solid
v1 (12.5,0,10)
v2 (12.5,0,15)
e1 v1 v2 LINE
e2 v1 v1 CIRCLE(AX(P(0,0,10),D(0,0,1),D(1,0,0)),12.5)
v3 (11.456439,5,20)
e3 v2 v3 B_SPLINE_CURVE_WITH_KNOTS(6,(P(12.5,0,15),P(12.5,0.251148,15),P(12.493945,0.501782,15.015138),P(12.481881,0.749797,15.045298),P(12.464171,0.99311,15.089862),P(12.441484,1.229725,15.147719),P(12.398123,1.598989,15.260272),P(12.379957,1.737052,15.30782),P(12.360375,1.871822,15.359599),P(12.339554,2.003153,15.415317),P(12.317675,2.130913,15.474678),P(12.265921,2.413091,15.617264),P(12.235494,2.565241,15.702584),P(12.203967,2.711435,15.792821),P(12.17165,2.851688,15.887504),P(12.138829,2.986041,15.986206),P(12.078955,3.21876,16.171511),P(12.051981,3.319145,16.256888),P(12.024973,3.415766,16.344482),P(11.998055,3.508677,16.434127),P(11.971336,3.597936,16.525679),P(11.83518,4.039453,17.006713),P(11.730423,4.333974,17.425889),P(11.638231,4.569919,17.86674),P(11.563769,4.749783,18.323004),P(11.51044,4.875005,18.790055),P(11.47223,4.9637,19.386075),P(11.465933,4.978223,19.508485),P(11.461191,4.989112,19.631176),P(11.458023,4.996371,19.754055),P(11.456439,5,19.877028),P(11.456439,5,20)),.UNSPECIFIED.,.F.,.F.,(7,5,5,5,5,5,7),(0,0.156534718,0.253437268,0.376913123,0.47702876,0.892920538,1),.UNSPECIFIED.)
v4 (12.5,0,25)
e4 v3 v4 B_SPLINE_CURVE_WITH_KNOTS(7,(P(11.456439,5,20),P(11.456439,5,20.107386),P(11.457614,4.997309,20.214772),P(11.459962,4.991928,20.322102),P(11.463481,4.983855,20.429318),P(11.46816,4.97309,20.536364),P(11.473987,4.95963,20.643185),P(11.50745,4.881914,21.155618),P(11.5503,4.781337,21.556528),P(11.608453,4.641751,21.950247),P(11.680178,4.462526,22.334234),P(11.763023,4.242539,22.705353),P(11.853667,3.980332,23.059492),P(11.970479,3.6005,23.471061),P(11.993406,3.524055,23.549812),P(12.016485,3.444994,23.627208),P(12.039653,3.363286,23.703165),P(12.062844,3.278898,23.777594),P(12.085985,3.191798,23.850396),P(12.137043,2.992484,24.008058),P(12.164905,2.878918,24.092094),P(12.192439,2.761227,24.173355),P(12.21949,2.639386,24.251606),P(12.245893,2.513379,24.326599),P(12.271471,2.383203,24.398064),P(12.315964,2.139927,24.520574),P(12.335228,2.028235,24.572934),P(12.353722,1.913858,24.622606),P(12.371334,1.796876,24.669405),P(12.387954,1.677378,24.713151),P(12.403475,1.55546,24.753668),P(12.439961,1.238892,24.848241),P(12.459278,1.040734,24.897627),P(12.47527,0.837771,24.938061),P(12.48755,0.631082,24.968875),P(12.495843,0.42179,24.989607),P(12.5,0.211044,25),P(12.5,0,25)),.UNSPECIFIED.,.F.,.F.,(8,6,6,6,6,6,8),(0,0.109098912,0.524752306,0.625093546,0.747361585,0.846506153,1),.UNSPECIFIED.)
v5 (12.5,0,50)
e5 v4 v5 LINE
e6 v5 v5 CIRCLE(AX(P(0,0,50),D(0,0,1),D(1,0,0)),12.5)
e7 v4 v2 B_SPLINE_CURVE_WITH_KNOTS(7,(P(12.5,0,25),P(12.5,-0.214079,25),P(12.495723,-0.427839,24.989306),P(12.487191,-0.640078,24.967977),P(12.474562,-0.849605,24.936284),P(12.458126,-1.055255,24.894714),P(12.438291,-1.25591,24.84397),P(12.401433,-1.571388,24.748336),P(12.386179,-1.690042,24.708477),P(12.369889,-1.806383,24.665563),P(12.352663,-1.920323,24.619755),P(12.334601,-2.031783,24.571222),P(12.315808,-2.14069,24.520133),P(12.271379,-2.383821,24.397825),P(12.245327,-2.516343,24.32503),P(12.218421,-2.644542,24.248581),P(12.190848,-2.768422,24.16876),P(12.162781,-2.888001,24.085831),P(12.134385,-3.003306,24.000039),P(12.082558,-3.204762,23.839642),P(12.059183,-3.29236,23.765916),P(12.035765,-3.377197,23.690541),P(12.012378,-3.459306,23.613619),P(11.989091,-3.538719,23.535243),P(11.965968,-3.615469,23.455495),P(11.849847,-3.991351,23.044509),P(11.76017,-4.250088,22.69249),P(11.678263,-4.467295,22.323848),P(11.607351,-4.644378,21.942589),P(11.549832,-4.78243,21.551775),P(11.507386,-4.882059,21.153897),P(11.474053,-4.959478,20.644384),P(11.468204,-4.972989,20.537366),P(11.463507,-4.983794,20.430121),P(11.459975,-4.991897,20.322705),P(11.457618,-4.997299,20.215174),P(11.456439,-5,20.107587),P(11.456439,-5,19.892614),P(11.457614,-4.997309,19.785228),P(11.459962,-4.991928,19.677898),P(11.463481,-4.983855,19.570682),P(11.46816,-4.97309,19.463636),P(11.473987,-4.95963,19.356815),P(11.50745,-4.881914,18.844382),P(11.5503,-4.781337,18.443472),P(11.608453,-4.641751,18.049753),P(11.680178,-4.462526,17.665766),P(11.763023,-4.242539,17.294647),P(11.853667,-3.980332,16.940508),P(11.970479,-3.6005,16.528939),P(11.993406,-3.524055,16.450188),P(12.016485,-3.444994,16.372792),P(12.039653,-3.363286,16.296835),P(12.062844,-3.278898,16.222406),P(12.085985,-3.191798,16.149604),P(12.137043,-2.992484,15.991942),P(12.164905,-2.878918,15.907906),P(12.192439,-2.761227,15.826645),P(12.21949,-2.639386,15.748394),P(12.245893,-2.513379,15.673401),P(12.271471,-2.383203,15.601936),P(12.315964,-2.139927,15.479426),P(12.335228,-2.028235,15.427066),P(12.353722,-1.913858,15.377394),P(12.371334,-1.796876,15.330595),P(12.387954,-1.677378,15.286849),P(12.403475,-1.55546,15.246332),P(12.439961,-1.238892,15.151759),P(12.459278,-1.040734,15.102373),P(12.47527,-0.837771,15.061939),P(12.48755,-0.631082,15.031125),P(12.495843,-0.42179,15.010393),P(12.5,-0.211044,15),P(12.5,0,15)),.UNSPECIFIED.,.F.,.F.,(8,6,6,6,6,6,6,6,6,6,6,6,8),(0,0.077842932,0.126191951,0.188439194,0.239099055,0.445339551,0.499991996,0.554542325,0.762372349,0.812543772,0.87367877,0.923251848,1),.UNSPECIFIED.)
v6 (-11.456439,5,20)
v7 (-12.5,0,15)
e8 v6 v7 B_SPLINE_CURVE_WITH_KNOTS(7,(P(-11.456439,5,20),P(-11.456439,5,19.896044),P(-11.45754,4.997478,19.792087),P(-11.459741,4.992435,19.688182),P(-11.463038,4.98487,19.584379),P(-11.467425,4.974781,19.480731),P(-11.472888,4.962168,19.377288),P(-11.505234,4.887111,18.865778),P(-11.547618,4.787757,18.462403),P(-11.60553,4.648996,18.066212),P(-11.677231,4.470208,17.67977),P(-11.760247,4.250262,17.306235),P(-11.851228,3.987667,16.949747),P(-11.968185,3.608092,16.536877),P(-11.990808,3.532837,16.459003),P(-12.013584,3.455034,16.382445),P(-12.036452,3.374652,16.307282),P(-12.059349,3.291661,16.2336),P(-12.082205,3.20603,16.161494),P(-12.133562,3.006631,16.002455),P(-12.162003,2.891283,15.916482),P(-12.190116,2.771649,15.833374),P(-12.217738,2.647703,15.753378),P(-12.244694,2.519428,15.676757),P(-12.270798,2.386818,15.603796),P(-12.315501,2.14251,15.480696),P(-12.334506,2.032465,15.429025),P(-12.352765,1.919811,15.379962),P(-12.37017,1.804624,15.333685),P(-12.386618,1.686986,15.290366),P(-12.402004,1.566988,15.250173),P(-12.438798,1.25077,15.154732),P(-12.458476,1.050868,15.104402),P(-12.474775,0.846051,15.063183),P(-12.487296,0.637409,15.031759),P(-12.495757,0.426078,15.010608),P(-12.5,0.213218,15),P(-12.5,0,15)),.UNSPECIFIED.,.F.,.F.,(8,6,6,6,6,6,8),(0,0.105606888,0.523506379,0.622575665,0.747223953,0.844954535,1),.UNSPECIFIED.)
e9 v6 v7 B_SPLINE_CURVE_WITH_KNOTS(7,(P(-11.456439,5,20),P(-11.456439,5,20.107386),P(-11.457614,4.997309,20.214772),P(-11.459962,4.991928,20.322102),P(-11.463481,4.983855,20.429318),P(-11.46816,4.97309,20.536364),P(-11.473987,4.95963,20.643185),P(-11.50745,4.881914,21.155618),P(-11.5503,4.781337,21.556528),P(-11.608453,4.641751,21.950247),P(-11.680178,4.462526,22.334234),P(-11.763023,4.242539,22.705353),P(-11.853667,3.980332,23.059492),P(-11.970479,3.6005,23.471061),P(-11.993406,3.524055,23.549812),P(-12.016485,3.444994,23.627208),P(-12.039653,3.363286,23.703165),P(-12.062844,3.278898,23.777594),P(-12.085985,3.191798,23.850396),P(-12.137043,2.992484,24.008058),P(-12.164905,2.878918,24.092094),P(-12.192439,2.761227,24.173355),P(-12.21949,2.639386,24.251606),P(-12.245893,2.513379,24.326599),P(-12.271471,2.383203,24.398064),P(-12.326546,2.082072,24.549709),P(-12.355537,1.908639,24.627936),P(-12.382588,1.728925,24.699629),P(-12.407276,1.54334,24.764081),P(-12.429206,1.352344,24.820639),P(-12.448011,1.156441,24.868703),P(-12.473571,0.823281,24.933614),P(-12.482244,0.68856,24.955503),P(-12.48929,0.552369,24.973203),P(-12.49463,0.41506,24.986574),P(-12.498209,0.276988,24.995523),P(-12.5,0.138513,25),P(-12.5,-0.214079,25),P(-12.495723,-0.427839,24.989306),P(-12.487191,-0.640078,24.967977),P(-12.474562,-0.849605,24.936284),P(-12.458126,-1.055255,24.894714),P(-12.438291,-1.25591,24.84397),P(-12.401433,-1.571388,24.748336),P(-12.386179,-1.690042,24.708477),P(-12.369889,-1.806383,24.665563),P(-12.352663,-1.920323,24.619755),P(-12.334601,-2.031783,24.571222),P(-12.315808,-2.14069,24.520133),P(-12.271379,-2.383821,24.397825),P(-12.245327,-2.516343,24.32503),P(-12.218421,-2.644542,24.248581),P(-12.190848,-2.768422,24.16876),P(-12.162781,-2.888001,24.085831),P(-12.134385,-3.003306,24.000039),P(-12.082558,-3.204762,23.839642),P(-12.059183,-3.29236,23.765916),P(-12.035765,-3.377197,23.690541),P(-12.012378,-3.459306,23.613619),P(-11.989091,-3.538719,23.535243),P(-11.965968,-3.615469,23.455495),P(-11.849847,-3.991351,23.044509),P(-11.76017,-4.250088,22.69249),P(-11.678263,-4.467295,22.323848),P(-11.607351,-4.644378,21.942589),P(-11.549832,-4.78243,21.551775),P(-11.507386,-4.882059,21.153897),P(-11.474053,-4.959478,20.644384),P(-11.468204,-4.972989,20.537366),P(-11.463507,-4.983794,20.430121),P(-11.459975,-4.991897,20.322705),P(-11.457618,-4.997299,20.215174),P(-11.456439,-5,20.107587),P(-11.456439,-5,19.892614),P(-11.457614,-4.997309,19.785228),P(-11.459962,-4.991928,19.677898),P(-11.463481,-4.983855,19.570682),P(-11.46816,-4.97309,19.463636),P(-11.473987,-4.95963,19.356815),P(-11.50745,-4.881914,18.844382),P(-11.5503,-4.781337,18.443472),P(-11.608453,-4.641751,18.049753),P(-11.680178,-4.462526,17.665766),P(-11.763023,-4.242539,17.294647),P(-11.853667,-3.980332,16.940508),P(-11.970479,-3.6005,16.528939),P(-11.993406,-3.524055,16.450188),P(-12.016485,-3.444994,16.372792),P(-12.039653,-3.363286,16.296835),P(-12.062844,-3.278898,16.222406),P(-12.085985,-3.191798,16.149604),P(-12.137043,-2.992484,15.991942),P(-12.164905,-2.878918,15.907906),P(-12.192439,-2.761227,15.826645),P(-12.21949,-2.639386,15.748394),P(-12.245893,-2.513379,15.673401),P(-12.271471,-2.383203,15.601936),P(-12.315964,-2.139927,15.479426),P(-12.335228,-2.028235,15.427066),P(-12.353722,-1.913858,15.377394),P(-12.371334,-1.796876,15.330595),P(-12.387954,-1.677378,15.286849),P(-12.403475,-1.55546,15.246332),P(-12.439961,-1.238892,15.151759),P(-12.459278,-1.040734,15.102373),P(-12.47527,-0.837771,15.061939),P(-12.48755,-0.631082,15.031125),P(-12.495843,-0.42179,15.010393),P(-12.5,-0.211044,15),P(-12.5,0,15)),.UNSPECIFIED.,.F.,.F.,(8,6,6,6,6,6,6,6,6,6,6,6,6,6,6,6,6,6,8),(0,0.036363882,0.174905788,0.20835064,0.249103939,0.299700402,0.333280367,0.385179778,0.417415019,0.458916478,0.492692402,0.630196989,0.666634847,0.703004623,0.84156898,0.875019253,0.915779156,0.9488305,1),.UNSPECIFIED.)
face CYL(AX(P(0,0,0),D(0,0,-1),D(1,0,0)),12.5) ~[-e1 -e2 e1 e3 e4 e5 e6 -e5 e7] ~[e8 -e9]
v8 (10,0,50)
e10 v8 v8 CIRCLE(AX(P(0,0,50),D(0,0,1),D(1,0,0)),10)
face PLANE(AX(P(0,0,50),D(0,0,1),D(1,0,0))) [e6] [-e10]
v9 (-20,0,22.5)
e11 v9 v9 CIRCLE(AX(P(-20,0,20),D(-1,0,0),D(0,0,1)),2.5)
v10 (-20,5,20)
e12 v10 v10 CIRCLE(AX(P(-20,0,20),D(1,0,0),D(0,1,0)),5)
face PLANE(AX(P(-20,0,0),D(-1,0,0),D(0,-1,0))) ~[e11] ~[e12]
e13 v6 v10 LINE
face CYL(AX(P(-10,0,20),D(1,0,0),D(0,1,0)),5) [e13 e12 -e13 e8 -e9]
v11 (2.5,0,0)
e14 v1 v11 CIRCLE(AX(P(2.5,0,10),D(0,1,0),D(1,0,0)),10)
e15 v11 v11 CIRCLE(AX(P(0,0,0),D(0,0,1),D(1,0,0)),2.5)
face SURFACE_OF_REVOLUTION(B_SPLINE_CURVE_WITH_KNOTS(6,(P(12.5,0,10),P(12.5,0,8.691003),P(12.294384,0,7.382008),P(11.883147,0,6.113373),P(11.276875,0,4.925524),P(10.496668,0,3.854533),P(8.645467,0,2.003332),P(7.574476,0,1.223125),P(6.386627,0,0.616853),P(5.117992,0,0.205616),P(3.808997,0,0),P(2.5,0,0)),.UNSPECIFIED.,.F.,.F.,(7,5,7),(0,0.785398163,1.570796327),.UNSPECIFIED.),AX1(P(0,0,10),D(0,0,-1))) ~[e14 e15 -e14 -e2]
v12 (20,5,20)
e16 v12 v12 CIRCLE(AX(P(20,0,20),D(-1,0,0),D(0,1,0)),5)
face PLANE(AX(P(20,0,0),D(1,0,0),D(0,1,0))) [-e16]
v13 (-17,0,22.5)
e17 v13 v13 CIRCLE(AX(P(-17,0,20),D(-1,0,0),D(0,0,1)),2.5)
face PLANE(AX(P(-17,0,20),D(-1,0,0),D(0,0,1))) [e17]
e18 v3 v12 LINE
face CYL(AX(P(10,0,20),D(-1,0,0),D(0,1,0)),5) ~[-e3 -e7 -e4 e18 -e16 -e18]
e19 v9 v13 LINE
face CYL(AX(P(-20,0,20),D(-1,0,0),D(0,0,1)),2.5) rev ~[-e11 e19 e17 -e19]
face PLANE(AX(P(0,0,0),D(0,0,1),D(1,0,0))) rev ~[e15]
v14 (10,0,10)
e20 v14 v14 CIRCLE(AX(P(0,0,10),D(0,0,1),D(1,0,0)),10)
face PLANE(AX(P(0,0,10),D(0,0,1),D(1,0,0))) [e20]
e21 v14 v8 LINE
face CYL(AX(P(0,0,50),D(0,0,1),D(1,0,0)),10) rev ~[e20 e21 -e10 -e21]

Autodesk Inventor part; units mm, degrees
sketch "Sketch19" plane through (0, 0, 0) normal (0, 0, 1) x (1, 0, 0)
  circle A0 centre (0, 0) radius 12.5
  dimension "d130" = 25
extrude "Extrusion17" add sketch "Sketch19" along normal blind 50
sketch "Sketch20" plane through (0, 0, 50) normal (0, 0, 1) x (1, 0, 0)
  circle A0 centre (0, 0) radius 10
  dimension "d133" = 20
fillet "Fillet6" radius 10 1 edges at (-12.5, 0, 0)
extrude "Extrusion18" cut sketch "Sketch20" against normal blind 40
ref_plane "Work Plane3" through (10, 0, 0) normal (1, 0, 0) x (0, 1, 0)
sketch "Sketch21" plane through (10, 0, 0) normal (1, 0, 0) x (0, 1, 0)
  line L0 (0, 0) -> (0, 20)
  circle A0 centre (0, 20) radius 5
  dimension "d138" = 20
  dimension "d139" = 10
extrude "Extrusion19" add sketch "Sketch21" along normal blind 10
mirror "Mirror1" about plane through (0, 0, 0) normal (1, 0, 0) of "Extrusion19"
sketch "Sketch22" plane through (-20, 0, 20) normal (-1, 0, 0) x (0, 0, 1)
  circle A0 centre (0, 0) radius 2.5
  point P0 (-20, 0)
  dimension "d142" = 5
extrude "Extrusion20" cut sketch "Sketch22" against normal blind 3
properties part number "Waterkanon" material "S235"
